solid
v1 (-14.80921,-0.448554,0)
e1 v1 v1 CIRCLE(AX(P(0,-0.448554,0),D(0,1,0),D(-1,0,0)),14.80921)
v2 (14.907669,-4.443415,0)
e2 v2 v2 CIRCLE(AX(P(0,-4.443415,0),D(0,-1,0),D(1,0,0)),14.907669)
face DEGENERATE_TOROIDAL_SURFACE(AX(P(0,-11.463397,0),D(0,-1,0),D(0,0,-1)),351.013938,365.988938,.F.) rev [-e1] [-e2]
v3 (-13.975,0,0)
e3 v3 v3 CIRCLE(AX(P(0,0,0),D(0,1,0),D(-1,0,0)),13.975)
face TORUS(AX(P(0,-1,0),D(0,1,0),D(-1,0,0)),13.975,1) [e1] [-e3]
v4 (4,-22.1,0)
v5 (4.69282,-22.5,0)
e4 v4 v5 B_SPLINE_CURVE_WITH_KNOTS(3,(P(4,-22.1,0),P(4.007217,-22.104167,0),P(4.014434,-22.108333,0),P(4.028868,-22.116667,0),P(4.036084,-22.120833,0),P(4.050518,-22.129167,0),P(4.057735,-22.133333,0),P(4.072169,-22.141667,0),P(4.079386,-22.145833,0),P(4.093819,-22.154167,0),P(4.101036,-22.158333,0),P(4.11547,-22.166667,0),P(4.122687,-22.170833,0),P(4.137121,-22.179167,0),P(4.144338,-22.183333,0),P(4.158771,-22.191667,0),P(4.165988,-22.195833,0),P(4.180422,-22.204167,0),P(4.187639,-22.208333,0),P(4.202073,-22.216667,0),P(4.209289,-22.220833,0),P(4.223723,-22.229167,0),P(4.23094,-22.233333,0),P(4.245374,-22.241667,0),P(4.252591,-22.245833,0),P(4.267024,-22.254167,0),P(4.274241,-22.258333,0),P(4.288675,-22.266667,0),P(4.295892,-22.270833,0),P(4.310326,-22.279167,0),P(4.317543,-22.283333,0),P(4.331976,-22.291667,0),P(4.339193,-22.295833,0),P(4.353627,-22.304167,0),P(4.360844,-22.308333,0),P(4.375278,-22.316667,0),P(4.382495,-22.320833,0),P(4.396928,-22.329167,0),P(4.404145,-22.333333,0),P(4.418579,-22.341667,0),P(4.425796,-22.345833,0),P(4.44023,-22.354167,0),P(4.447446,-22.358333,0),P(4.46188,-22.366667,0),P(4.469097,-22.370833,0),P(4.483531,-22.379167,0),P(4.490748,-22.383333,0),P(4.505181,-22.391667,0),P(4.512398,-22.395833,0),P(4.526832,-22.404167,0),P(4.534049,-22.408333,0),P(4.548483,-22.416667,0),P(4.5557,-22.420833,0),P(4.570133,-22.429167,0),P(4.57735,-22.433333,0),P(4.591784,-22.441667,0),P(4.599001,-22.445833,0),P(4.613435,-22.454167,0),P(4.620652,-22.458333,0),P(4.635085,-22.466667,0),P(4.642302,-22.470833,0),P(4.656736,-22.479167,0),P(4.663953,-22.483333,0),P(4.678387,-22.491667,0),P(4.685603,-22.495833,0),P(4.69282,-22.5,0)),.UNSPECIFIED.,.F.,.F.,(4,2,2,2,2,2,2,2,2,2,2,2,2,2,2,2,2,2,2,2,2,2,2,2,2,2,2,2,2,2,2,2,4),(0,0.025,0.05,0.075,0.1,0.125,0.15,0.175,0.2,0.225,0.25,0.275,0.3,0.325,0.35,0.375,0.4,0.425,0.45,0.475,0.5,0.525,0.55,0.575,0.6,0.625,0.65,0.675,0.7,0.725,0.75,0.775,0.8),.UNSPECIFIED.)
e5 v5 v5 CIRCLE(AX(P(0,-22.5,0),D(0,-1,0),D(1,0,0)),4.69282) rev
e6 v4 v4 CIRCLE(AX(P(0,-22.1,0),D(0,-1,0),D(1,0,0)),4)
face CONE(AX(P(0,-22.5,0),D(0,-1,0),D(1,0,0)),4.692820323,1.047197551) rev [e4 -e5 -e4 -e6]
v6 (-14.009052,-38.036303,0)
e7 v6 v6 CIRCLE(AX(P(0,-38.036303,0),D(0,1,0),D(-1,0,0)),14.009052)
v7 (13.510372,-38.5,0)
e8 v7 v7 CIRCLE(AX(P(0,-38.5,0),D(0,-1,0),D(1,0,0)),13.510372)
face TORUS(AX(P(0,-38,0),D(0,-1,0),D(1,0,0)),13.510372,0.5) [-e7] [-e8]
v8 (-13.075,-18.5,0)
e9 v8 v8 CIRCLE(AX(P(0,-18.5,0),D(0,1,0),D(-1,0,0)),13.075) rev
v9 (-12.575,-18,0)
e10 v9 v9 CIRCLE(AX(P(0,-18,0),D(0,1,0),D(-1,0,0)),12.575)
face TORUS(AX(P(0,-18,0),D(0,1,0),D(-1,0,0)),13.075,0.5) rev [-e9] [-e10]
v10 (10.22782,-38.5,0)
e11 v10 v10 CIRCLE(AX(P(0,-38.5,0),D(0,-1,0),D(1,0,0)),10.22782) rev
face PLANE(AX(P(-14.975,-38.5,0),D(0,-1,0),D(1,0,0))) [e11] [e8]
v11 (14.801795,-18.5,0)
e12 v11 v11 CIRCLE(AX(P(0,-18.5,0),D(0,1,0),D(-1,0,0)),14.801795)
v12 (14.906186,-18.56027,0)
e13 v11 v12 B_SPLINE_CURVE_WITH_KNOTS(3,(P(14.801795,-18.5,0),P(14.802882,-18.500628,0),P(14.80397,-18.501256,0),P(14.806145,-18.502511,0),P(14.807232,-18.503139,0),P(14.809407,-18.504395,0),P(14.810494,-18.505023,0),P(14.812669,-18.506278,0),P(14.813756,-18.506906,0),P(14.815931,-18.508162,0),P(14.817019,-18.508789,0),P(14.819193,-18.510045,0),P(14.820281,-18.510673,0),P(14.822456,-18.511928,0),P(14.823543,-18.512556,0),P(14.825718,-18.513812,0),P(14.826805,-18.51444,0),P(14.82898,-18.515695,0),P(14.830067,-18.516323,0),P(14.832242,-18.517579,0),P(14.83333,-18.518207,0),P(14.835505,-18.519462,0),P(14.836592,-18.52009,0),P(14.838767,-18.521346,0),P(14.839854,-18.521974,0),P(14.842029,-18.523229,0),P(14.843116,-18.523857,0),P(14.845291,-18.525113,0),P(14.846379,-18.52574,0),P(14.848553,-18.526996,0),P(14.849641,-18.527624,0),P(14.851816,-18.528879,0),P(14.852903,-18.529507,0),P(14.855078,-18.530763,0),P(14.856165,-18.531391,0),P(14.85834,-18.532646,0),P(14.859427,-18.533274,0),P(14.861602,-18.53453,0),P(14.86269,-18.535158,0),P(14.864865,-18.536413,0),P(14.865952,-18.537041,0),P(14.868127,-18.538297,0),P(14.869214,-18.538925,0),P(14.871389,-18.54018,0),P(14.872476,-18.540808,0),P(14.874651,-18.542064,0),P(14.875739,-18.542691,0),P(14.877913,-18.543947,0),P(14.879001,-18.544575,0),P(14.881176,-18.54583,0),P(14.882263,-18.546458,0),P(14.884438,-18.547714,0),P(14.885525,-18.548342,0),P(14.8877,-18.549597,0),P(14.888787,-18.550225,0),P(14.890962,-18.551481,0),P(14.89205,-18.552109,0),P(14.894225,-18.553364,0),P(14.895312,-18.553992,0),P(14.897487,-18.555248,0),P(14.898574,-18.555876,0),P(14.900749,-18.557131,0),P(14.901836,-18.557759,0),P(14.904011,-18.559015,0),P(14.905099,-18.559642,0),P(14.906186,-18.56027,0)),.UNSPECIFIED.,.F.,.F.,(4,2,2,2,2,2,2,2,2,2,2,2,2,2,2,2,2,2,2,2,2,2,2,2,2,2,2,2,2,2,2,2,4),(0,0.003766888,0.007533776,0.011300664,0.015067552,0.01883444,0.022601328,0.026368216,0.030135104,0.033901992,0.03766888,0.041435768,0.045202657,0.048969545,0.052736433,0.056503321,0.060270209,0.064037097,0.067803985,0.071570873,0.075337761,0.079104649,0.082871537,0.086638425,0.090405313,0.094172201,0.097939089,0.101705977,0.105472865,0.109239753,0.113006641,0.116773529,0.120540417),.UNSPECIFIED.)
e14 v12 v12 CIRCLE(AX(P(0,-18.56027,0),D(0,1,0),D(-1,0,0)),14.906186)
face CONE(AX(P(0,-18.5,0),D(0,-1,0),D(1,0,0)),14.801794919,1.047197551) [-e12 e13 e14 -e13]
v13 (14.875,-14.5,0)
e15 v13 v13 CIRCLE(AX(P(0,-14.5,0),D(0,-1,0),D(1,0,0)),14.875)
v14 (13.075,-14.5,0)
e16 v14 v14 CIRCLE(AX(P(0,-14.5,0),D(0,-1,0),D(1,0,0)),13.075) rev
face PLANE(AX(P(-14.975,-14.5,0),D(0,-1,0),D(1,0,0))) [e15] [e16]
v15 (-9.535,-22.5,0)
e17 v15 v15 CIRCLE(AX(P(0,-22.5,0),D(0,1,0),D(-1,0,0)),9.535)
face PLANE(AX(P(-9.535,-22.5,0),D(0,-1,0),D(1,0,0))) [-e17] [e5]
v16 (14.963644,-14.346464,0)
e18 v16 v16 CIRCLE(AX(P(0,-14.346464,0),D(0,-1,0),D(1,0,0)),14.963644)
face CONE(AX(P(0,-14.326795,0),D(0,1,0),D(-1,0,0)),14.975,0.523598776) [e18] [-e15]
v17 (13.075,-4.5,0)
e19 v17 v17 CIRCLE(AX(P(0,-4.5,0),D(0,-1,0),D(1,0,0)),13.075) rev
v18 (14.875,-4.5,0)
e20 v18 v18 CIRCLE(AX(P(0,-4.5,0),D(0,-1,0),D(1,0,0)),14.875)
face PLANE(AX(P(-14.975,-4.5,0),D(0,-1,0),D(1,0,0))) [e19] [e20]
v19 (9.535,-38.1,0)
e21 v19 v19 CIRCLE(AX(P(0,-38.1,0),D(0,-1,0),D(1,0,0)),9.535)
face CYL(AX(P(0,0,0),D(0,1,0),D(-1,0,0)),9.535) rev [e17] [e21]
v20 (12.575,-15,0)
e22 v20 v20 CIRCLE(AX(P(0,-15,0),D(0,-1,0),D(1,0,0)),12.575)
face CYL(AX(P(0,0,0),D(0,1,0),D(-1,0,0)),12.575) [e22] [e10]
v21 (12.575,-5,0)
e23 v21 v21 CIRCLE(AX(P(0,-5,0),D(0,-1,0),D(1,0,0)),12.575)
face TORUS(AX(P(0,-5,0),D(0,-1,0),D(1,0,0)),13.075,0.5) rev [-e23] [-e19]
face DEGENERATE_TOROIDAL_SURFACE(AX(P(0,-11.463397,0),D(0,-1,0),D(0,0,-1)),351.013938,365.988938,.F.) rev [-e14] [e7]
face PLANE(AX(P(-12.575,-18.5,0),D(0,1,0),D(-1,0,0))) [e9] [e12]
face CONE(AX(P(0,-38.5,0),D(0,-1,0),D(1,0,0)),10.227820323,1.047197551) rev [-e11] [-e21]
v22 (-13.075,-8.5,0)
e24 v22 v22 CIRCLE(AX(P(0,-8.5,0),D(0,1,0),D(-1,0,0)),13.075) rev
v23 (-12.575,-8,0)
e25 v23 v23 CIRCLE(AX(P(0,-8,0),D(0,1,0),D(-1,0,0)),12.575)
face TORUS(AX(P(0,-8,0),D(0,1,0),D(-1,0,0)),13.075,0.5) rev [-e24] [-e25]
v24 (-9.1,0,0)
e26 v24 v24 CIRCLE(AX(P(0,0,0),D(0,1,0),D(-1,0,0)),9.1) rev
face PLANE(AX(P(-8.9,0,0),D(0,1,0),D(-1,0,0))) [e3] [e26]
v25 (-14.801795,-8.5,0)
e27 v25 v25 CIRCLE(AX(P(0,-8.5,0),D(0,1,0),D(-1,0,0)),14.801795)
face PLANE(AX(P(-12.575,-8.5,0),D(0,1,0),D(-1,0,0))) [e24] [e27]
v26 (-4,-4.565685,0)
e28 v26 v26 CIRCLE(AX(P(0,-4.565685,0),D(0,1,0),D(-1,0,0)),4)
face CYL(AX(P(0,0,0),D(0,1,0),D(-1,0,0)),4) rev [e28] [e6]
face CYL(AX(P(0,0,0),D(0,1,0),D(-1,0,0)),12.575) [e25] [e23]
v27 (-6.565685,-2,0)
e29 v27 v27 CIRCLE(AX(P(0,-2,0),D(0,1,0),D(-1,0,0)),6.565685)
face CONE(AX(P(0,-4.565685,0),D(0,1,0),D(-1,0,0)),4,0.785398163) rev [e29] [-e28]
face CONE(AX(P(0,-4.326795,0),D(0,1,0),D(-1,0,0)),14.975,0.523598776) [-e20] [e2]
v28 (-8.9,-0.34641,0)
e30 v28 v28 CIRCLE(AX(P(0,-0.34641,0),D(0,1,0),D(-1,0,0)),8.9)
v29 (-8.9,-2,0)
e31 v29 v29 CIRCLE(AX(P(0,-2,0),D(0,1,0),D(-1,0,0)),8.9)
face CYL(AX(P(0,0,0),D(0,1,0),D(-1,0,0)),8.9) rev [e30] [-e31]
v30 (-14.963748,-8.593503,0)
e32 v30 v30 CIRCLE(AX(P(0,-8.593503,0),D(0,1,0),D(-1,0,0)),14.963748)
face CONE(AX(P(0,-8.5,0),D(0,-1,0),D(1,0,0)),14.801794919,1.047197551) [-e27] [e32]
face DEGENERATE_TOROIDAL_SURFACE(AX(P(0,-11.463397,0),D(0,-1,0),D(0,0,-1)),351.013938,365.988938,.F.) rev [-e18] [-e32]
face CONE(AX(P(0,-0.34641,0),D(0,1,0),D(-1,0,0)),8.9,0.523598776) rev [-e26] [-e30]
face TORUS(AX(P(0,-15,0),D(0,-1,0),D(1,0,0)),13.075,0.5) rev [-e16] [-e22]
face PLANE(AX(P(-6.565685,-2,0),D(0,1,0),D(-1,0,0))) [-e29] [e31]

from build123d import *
from OCP.BRepFilletAPI import BRepFilletAPI_MakeChamfer

# Parameters (mm, degrees)
FILLET1_R      = 1
CHAMFER1_SIZE  = 0.2
CHAMFER1_SIZE2 = 0.346410162
CHAMFER2_SIZE  = 0.1
CHAMFER2_SIZE2 = 0.173205081
FILLET2_R      = 0.5
CHAMFER3_SIZE  = 0.4
CHAMFER3_SIZE2 = 0.692820323
FILLET3_R      = 0.5


with BuildPart() as part:
    # Sketch1 → Revolve1 (revolve)
    with BuildSketch(Plane.XY):
        Polygon((-8.9, 0), (-14.975, 0), (-14.975, -4.5), (-12.575, -4.5), (-12.575, -8.5), (-14.975, -8.5), (-14.975, -14.5), (-12.575, -14.5), (-12.575, -18.5), (-14.975, -18.5), (-14.975, -38.5), (-9.535, -38.5), (-9.535, -22.5), (-4, -22.5), (-4, -4.565685425), (-6.565685425, -2), (-8.9, -2), align=None)
    revolve(axis=Axis((0, 0, 0), (0, -1, 0)))

    # Fillet1
    fillet1_edges = [part.edges().sort_by_distance(p)[0] for p in [
        (14.975, -38.5, 0),
        (14.975, 0, 0),
    ]]
    fillet(fillet1_edges, radius=FILLET1_R)

    # Chamfer1
    chamfer1_edges = [part.edges().sort_by_distance(p)[0] for p in [
        (8.9, 0, 0),
    ]]
    chamfer1_side = [part.faces().sort_by_distance(p)[0] for p in [
        (13.579727309, 0, 0),
    ]]
    chamfer(chamfer1_edges, length=CHAMFER1_SIZE, length2=CHAMFER1_SIZE2, reference=chamfer1_side[0])

    # Chamfer2: one chamfer whose edges measure the first distance from different faces: ONE call of the kernel's chamfer builder (chamfer() names one face for all edges)
    chamfer2_edges_1 = [part.edges().sort_by_distance(p)[0] for p in [
        (14.975, -18.5, 0),
    ]]
    chamfer2_side_1 = [part.faces().sort_by_distance(p)[0] for p in [
        (14.975, -28, 0),
    ]]
    chamfer2_edges_2 = [part.edges().sort_by_distance(p)[0] for p in [
        (14.975, -14.5, 0),
    ]]
    chamfer2_side_2 = [part.faces().sort_by_distance(p)[0] for p in [
        (14.551443038, -14.5, 0),
    ]]
    chamfer2_edges_3 = [part.edges().sort_by_distance(p)[0] for p in [
        (14.975, -8.5, 0),
    ]]
    chamfer2_side_3 = [part.faces().sort_by_distance(p)[0] for p in [
        (14.975, -11.5, 0),
    ]]
    chamfer2_edges_4 = [part.edges().sort_by_distance(p)[0] for p in [
        (14.975, -4.5, 0),
    ]]
    chamfer2_side_4 = [part.faces().sort_by_distance(p)[0] for p in [
        (14.551443038, -4.5, 0),
    ]]
    chamfer2 = BRepFilletAPI_MakeChamfer(part.part.solid().wrapped)
    for e in chamfer2_edges_1:
        chamfer2.Add(CHAMFER2_SIZE, CHAMFER2_SIZE2, e.wrapped, chamfer2_side_1[0].wrapped)  # the first distance lies on this face
    for e in chamfer2_edges_2:
        chamfer2.Add(CHAMFER2_SIZE, CHAMFER2_SIZE2, e.wrapped, chamfer2_side_2[0].wrapped)  # the first distance lies on this face
    for e in chamfer2_edges_3:
        chamfer2.Add(CHAMFER2_SIZE, CHAMFER2_SIZE2, e.wrapped, chamfer2_side_3[0].wrapped)  # the first distance lies on this face
    for e in chamfer2_edges_4:
        chamfer2.Add(CHAMFER2_SIZE, CHAMFER2_SIZE2, e.wrapped, chamfer2_side_4[0].wrapped)  # the first distance lies on this face
    add(Compound.cast(chamfer2.Shape()), mode=Mode.REPLACE)

    # Fillet2
    fillet2_edges = [part.edges().sort_by_distance(p)[0] for p in [
        (12.575, -18.5, 0),
        (12.575, -14.5, 0),
        (12.575, -8.5, 0),
        (12.575, -4.5, 0),
    ]]
    fillet(fillet2_edges, radius=FILLET2_R)

    # Chamfer3: one chamfer whose edges measure the first distance from different faces: ONE call of the kernel's chamfer builder (chamfer() names one face for all edges)
    chamfer3_edges_1 = [part.edges().sort_by_distance(p)[0] for p in [
        (4, -22.5, 0),
    ]]
    chamfer3_side_1 = [part.faces().sort_by_distance(p)[0] for p in [
        (4, -13.532842712, 0),
    ]]
    chamfer3_edges_2 = [part.edges().sort_by_distance(p)[0] for p in [
        (9.535, -38.5, 0),
    ]]
    chamfer3_side_2 = [part.faces().sort_by_distance(p)[0] for p in [
        (9.535, -30.5, 0),
    ]]
    chamfer3 = BRepFilletAPI_MakeChamfer(part.part.solid().wrapped)
    for e in chamfer3_edges_1:
        chamfer3.Add(CHAMFER3_SIZE, CHAMFER3_SIZE2, e.wrapped, chamfer3_side_1[0].wrapped)  # the first distance lies on this face
    for e in chamfer3_edges_2:
        chamfer3.Add(CHAMFER3_SIZE, CHAMFER3_SIZE2, e.wrapped, chamfer3_side_2[0].wrapped)  # the first distance lies on this face
    add(Compound.cast(chamfer3.Shape()), mode=Mode.REPLACE)

    # Sketch2 → Cut-Revolve1 (revolve, cut)
    with BuildSketch(Plane.XY, mode=Mode.PRIVATE) as cut_revolve1_sk:
        with BuildLine():
            Line((-13.734468766, 18.644782515), (-23.700977144, 18.644782515))
            Line((-23.700977144, 18.644782515), (-23.700977144, -42.807189117))
            Line((-23.700977144, -42.807189117), (-13.975, -38.5))
            ThreePointArc((-13.975, -38.5), (-14.971757933, -9.922907018), (-13.734468766, 18.644782515))
        make_face()
    revolve(cut_revolve1_sk.sketch.rotate(Axis((0, -0.346410162, 0), (0, 1, 0)), 180), axis=Axis((0, -0.346410162, 0), (0, 1, 0)), mode=Mode.SUBTRACT)

    # Fillet3
    fillet3_edges = [part.edges().sort_by_distance(p)[0] for p in [
        (-13.975, -38.5, 0),
    ]]
    fillet(fillet3_edges, radius=FILLET3_R)


solid = part.part
